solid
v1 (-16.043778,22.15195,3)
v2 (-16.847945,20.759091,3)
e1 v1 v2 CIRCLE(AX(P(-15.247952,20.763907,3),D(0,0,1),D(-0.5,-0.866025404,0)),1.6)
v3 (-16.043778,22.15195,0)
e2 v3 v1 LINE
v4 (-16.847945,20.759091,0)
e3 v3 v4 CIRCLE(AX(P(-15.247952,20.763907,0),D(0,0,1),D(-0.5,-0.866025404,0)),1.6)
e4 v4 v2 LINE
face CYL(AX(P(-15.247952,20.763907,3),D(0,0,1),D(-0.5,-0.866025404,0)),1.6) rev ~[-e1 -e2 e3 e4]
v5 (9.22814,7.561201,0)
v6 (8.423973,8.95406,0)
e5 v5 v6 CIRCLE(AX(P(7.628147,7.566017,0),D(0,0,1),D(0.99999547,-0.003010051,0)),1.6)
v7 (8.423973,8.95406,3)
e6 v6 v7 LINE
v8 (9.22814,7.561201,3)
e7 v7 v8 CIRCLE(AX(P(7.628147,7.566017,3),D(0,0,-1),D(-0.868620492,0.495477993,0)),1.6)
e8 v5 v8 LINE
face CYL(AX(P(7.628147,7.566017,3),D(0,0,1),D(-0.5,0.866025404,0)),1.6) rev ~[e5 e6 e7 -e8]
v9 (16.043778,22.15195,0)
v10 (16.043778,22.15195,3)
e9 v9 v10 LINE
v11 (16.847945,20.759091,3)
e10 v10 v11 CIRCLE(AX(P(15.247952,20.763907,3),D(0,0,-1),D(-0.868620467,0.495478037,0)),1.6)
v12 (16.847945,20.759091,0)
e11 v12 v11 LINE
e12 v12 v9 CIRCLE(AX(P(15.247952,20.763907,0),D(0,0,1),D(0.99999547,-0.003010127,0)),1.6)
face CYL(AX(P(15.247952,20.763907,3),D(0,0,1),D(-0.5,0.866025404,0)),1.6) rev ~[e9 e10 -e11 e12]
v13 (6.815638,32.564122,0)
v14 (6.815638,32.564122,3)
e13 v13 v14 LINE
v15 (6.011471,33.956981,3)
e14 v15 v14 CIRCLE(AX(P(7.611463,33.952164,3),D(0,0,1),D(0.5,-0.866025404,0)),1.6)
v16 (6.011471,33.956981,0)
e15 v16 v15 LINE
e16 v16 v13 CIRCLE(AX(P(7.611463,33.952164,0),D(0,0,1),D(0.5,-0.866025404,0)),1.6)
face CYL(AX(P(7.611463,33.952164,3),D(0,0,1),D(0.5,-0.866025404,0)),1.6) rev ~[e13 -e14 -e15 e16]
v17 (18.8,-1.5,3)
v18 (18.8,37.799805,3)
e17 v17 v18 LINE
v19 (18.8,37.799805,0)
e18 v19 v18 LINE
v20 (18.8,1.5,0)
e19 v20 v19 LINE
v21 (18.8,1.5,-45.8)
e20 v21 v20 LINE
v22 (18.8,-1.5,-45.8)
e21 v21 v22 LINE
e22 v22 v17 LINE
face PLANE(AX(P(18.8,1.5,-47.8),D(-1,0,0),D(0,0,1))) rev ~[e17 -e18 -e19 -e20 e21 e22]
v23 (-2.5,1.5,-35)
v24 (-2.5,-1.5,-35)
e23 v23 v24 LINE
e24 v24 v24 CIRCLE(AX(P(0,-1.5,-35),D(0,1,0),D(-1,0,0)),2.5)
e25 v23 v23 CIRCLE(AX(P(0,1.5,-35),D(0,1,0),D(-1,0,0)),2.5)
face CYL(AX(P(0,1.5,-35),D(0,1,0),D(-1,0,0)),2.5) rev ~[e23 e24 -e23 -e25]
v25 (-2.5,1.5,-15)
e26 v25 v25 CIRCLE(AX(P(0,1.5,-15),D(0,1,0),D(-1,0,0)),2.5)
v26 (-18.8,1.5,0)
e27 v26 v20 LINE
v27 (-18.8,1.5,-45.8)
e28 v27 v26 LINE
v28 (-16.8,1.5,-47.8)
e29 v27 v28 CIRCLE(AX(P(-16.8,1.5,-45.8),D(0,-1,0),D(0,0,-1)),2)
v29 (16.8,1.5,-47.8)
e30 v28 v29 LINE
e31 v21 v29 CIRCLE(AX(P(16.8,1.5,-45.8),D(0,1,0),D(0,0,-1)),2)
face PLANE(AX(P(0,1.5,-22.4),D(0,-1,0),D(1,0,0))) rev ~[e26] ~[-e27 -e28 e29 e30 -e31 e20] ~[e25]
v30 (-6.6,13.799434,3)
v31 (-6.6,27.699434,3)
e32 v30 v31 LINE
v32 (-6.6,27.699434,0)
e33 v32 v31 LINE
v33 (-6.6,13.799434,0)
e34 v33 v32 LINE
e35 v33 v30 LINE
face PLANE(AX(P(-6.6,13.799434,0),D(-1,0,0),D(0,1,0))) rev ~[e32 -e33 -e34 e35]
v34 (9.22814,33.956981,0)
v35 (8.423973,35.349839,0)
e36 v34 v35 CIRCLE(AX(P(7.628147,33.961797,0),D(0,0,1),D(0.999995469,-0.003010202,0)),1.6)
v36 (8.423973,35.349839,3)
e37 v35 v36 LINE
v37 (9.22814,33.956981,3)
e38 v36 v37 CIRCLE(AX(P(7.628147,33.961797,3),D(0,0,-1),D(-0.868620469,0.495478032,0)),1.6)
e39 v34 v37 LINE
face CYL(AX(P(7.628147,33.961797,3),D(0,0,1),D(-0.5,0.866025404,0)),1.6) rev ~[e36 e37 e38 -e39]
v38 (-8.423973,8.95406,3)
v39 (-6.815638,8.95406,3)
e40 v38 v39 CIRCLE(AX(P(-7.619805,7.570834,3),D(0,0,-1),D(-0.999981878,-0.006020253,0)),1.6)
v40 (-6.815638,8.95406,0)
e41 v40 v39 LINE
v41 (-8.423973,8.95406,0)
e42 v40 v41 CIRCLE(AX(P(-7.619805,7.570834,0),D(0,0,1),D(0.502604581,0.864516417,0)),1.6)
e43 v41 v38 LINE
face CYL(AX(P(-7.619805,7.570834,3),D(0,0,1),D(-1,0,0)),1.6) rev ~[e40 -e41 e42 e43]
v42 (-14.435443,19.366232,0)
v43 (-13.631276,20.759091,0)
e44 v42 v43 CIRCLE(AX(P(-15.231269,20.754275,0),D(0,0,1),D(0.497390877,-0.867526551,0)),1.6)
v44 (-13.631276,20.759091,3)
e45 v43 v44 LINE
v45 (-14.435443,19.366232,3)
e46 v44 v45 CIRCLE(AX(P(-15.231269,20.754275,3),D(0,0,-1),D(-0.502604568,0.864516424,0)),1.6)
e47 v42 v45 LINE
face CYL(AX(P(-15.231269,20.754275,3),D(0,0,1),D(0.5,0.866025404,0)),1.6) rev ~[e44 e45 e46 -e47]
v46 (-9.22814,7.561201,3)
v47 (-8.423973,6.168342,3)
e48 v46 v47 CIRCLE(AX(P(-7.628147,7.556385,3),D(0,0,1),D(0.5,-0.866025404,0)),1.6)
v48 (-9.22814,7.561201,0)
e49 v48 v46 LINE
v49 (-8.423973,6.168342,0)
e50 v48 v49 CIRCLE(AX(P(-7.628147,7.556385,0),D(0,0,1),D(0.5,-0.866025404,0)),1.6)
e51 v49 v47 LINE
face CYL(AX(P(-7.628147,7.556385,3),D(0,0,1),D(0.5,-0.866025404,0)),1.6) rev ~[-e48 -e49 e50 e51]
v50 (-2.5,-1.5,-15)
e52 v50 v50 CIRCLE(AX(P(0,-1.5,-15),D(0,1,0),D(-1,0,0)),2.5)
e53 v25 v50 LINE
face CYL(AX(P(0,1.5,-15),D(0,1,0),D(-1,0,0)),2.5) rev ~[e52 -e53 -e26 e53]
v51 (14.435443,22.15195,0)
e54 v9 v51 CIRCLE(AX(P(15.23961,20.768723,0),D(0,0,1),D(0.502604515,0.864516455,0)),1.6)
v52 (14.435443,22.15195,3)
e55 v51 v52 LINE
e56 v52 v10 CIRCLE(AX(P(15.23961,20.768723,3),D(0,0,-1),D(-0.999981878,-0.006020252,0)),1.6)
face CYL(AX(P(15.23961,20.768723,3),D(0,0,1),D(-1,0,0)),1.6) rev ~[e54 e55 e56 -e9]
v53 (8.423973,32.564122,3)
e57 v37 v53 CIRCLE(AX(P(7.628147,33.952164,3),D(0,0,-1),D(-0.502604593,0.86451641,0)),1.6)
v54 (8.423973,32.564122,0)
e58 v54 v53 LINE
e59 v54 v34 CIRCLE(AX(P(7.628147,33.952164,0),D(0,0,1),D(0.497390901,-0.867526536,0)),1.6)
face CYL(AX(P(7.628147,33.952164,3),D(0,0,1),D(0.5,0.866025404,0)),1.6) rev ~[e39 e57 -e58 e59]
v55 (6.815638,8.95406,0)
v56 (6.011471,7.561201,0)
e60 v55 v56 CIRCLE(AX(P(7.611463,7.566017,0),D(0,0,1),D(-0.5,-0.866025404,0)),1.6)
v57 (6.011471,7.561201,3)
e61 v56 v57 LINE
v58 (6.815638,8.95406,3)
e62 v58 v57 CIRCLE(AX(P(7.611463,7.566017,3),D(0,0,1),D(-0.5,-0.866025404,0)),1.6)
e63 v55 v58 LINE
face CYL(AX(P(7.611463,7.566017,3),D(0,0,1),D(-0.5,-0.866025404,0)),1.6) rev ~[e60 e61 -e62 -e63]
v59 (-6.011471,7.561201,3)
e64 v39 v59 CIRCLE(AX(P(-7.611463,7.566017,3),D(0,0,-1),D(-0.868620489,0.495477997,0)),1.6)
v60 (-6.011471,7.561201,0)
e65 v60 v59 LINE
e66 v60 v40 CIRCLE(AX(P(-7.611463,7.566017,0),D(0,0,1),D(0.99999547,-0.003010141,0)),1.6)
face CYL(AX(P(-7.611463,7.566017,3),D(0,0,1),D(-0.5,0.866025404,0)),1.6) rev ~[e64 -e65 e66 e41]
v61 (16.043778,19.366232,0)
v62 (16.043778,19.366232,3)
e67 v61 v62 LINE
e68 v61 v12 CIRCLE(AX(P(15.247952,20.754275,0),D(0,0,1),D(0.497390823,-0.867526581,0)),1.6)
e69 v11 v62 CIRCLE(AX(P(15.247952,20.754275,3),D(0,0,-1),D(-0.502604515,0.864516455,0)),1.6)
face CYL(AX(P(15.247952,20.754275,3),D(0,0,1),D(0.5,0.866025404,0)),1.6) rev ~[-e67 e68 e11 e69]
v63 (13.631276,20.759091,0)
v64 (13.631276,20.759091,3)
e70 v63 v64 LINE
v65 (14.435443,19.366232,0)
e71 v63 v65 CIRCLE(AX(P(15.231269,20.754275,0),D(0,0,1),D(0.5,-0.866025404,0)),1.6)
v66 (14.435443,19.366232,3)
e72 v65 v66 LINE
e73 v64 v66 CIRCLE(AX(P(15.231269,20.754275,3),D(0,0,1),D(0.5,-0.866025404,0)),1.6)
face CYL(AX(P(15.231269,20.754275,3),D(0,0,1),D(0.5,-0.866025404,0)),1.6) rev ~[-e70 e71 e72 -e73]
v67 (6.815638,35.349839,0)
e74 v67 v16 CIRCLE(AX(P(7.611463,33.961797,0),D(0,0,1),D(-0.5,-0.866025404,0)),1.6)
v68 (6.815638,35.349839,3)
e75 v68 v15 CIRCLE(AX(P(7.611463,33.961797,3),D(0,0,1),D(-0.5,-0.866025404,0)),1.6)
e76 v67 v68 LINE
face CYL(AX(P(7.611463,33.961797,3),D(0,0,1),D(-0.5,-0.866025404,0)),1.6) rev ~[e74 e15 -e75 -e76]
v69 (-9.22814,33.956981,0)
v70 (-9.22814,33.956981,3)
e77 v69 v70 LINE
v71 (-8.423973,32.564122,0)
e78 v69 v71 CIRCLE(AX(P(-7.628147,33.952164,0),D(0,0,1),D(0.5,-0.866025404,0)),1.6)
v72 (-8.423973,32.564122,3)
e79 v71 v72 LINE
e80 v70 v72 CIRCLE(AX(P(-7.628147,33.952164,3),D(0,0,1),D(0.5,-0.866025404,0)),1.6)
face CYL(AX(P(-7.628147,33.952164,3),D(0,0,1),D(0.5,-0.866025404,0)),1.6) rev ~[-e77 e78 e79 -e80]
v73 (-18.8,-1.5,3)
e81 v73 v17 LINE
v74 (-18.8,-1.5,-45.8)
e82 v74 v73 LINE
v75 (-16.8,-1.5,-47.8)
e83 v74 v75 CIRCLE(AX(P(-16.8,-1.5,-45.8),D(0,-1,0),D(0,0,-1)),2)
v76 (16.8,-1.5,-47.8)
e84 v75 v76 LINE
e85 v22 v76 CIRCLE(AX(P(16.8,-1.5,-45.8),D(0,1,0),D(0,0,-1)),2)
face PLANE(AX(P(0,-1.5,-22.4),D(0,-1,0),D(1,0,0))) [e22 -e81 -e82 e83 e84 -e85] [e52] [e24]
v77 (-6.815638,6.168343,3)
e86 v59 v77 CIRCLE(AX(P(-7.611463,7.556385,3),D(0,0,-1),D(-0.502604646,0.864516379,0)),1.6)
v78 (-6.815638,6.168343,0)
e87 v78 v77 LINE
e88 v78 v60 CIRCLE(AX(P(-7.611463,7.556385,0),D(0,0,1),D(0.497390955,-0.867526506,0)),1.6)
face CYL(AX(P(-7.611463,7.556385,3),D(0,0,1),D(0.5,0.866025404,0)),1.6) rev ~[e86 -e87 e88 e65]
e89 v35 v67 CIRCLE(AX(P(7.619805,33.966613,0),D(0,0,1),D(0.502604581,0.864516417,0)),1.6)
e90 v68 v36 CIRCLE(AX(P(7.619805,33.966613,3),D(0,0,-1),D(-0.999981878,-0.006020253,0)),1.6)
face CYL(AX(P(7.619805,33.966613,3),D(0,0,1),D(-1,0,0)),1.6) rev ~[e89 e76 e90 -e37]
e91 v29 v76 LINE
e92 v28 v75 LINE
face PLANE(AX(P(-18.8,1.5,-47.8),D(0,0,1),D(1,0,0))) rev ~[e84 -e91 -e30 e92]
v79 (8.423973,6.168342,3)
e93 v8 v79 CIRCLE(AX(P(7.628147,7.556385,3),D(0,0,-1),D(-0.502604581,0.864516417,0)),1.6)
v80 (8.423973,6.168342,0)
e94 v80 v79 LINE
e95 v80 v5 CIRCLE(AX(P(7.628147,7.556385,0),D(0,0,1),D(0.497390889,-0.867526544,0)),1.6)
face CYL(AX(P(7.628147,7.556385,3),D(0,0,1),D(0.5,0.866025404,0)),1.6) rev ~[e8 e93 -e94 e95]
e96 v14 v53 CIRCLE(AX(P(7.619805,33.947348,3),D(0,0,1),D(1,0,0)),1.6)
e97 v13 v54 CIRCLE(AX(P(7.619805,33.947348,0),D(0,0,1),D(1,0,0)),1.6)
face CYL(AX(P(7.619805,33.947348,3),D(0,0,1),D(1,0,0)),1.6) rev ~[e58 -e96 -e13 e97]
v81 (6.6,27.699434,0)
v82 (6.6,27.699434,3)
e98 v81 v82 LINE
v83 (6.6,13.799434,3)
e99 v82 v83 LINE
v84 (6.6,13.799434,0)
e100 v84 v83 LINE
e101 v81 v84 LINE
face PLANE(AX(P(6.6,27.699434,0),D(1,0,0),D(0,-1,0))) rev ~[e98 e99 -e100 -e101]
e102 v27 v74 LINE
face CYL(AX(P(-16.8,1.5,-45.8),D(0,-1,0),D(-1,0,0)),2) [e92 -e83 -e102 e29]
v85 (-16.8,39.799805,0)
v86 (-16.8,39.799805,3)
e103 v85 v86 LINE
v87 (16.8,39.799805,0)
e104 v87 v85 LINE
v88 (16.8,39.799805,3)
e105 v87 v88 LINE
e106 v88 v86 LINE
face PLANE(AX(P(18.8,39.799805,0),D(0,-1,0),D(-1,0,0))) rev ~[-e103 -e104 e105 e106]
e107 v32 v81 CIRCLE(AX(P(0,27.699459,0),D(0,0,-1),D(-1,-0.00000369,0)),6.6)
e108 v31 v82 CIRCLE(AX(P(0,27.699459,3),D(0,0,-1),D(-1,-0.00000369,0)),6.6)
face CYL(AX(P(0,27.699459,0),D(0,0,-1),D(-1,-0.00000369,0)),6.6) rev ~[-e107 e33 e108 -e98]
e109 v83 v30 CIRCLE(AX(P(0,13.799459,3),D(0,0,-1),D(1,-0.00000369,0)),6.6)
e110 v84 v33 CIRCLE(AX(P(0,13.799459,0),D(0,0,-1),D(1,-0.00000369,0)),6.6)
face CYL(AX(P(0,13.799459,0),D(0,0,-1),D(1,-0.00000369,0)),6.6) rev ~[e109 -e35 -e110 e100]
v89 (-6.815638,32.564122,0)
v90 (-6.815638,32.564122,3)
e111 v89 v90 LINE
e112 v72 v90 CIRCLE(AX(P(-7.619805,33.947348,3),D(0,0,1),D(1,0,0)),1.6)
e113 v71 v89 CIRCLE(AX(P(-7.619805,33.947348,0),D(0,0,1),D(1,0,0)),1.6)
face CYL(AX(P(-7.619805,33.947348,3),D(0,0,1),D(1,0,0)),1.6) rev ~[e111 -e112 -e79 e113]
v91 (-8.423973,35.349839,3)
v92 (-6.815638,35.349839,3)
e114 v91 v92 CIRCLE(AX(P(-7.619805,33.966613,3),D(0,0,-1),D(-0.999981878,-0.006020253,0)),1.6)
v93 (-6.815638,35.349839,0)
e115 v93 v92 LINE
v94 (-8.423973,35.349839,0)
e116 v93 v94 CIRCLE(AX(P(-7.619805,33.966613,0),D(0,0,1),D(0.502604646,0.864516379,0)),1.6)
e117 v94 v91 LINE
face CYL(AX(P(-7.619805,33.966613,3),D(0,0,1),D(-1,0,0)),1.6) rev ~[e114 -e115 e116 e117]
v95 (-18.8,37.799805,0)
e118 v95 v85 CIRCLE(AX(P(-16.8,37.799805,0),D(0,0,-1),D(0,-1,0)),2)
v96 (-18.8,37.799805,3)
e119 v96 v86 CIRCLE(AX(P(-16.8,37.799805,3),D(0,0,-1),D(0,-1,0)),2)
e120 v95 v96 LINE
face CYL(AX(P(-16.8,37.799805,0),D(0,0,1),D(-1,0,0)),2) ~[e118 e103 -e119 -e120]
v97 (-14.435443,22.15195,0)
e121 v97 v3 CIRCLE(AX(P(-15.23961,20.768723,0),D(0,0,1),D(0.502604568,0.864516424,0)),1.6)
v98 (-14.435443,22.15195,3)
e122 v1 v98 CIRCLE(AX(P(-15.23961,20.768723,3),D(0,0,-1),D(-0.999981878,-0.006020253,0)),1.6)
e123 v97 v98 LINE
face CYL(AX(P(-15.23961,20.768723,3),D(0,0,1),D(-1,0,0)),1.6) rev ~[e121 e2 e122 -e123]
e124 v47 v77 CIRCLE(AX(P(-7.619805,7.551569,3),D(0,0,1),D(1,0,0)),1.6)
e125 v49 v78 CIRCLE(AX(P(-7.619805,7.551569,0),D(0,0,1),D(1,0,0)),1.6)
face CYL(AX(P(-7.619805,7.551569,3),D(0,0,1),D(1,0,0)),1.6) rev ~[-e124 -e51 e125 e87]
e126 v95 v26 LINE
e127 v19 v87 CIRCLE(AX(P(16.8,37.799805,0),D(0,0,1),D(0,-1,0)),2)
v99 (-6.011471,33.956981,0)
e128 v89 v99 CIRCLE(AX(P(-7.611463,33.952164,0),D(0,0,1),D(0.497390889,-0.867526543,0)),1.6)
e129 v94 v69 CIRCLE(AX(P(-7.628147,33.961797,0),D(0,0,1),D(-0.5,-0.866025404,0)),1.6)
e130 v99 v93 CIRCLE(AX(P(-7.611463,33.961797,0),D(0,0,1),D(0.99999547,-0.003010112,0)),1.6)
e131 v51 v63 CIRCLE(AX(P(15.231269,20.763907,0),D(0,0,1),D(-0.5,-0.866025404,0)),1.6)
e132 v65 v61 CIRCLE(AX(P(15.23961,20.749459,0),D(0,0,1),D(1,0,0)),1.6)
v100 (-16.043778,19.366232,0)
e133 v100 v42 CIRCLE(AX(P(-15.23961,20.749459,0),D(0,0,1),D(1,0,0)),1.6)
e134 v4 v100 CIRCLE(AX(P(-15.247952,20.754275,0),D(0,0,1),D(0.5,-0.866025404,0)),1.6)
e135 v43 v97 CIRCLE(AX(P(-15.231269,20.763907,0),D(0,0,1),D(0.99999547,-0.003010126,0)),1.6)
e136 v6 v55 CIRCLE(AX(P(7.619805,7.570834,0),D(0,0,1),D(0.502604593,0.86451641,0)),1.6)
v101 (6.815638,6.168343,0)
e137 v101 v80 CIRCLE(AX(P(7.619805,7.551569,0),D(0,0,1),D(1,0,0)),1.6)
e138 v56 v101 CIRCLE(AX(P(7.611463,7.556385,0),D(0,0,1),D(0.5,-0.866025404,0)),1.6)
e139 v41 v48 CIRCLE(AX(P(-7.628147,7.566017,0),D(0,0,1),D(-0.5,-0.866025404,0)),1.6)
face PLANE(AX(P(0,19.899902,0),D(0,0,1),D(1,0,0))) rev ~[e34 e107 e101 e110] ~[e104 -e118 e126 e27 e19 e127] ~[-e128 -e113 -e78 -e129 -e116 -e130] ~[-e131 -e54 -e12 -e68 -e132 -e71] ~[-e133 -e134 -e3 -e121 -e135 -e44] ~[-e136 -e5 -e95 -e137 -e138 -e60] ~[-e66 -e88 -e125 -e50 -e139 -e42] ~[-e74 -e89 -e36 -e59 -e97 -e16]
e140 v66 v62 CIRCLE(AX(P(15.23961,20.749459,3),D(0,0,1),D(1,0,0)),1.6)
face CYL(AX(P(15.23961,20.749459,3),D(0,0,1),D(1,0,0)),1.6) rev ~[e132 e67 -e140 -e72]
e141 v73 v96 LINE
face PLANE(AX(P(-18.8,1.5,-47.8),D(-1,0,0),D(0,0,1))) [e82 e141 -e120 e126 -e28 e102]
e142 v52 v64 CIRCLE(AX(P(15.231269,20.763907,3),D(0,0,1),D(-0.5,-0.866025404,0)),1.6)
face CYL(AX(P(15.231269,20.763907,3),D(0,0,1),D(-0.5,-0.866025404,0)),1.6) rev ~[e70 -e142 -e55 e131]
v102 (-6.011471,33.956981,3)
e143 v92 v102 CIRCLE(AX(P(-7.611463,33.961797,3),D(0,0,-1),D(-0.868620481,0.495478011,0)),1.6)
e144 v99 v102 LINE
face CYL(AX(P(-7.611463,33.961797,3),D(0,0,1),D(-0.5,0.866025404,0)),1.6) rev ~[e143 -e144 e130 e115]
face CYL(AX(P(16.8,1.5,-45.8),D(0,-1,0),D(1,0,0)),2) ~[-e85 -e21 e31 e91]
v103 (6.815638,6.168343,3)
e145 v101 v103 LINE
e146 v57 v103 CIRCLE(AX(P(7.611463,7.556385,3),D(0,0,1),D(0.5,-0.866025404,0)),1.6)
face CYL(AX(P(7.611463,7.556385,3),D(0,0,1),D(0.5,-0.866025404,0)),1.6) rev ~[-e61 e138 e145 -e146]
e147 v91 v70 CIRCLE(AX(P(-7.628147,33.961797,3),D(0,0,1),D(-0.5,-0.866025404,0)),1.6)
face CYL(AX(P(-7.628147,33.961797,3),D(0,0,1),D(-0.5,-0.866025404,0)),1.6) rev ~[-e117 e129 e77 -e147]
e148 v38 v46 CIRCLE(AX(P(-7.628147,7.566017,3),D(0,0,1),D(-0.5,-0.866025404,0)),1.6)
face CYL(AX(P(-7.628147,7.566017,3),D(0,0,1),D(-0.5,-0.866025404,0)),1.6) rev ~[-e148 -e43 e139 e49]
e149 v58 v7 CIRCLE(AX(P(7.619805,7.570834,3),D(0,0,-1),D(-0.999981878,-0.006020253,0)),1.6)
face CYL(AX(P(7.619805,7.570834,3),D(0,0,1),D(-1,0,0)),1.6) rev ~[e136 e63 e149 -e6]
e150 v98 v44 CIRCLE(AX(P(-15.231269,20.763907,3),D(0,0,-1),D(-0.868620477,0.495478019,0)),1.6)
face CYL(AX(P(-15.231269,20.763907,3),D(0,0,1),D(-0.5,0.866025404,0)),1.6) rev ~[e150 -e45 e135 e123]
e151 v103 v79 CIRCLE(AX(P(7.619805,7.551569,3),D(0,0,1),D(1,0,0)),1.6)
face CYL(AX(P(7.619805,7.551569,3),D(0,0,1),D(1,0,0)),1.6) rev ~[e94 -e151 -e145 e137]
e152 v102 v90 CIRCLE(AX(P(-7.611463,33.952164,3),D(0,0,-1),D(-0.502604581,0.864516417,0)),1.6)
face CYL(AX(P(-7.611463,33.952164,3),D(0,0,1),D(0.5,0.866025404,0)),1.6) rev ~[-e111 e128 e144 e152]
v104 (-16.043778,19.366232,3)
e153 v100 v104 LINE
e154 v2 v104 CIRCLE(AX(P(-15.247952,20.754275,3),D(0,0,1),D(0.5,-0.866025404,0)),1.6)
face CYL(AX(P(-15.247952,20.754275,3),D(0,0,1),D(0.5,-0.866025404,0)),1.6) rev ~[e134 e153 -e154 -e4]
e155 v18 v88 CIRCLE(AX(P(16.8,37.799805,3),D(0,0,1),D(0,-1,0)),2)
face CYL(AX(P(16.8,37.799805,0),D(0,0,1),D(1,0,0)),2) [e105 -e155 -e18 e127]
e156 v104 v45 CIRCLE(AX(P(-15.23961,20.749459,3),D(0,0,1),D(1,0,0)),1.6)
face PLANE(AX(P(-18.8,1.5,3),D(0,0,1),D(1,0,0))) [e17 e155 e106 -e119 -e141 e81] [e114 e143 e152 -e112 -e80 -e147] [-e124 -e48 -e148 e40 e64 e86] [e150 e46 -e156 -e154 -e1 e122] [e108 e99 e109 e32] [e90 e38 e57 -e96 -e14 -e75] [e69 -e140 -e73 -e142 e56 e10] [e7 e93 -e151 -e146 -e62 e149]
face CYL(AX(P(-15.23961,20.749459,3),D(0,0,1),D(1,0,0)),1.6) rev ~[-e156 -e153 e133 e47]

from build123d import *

# Parameters (mm, degrees)
BOSS_EXTRUDE1_DEPTH        = 3
BOSS_EXTRUDE2_DEPTH        = 1.5
BOSS_EXTRUDE2_DEPTH_BACK   = 1.5
SKETCH2_W                  = 37.6
SKETCH2_H                  = 50.8
FILLET2_R                  = 2
CUT_EXTRUDE2_REACH         = 69.217
SKETCH4_R                  = 1.6
CIRPATTERN1_COUNT          = 6
SZKIC1_R                   = 2.5
WYTNIJ_WYCI_GNI_CIE1_DEPTH = 10


with BuildPart() as part:
    # Sketch1 → Boss-Extrude1 (new body)
    with BuildSketch(Plane.XY):
        Polygon((-18.8, 0), (18.8, 0), (18.8, 22), (18.8, 39.799804834), (-18.8, 39.799804834), (-18.8, 22), align=None)
        with BuildLine():
            Line((-6.6, 13.799434154), (-6.6, 27.699434154))
            ThreePointArc((-6.6, 27.699434154), (0, 34.299458505), (6.6, 27.699434154))
            Line((6.6, 27.699434154), (6.6, 13.799434154))
            ThreePointArc((6.6, 13.799434154), (0, 7.199458505), (-6.6, 13.799434154))
        make_face(mode=Mode.SUBTRACT)
    extrude(amount=BOSS_EXTRUDE1_DEPTH)

    # Sketch2 → Boss-Extrude2 (add, two sides: drawn at the far end of the back side and taken through both)
    with BuildSketch(Plane.XZ.offset(-BOSS_EXTRUDE2_DEPTH_BACK)):
        with Locations((0, -22.4)):
            Rectangle(SKETCH2_W, SKETCH2_H)
    extrude(amount=BOSS_EXTRUDE2_DEPTH + BOSS_EXTRUDE2_DEPTH_BACK)

    # Fillet2
    fillet2_edges = [part.edges().sort_by_distance(p)[0] for p in [
        (-18.8, 39.799804834, 1.5),
        (18.8, 39.799804834, 1.5),
        (-18.8, 0, -47.8),
        (18.8, 0, -47.8),
    ]]
    fillet(fillet2_edges, radius=FILLET2_R)

    # Sketch4 → Cut-Extrude2 (cut, up to next)
    with BuildSketch(Plane.XY.offset(3), mode=Mode.PRIVATE) as cut_extrude2_sk1:
        with Locations((7.619805215, 33.947348281)):
            Circle(SKETCH4_R)
    cut_extrude2_tool1 = extrude(cut_extrude2_sk1.sketch, amount=-CUT_EXTRUDE2_REACH, mode=Mode.PRIVATE) & part.part
    # Sketch4 → Cut-Extrude2 (cut, up to next)
    with BuildSketch(Plane.XY.offset(3), mode=Mode.PRIVATE) as cut_extrude2_sk2:
        with Locations((15.23961043, 20.749458505)):
            Circle(SKETCH4_R)
    cut_extrude2_tool2 = extrude(cut_extrude2_sk2.sketch, amount=-CUT_EXTRUDE2_REACH, mode=Mode.PRIVATE) & part.part
    # Sketch4 → Cut-Extrude2 (cut, up to next)
    with BuildSketch(Plane.XY.offset(3), mode=Mode.PRIVATE) as cut_extrude2_sk3:
        with Locations((7.619805215, 7.551568728)):
            Circle(SKETCH4_R)
    cut_extrude2_tool3 = extrude(cut_extrude2_sk3.sketch, amount=-CUT_EXTRUDE2_REACH, mode=Mode.PRIVATE) & part.part
    # Sketch4 → Cut-Extrude2 (cut, up to next)
    with BuildSketch(Plane.XY.offset(3), mode=Mode.PRIVATE) as cut_extrude2_sk4:
        with Locations((-7.619805215, 7.551568728)):
            Circle(SKETCH4_R)
    cut_extrude2_tool4 = extrude(cut_extrude2_sk4.sketch, amount=-CUT_EXTRUDE2_REACH, mode=Mode.PRIVATE) & part.part
    # Sketch4 → Cut-Extrude2 (cut, up to next)
    with BuildSketch(Plane.XY.offset(3), mode=Mode.PRIVATE) as cut_extrude2_sk5:
        with Locations((-15.23961043, 20.749458505)):
            Circle(SKETCH4_R)
    cut_extrude2_tool5 = extrude(cut_extrude2_sk5.sketch, amount=-CUT_EXTRUDE2_REACH, mode=Mode.PRIVATE) & part.part
    # Sketch4 → Cut-Extrude2 (cut, up to next)
    with BuildSketch(Plane.XY.offset(3), mode=Mode.PRIVATE) as cut_extrude2_sk6:
        with Locations((-7.619805215, 33.947348281)):
            Circle(SKETCH4_R)
    cut_extrude2_tool6 = extrude(cut_extrude2_sk6.sketch, amount=-CUT_EXTRUDE2_REACH, mode=Mode.PRIVATE) & part.part
    cut_extrude2_1 = cut_extrude2_tool1.solids().sort_by_distance((7.619805, 33.947348, 3))[0]
    add(cut_extrude2_1, mode=Mode.SUBTRACT)
    cut_extrude2_2 = cut_extrude2_tool2.solids().sort_by_distance((15.23961, 20.749459, 3))[0]
    add(cut_extrude2_2, mode=Mode.SUBTRACT)
    cut_extrude2_3 = cut_extrude2_tool3.solids().sort_by_distance((7.619805, 7.551569, 3))[0]
    add(cut_extrude2_3, mode=Mode.SUBTRACT)
    cut_extrude2_4 = cut_extrude2_tool4.solids().sort_by_distance((-7.619805, 7.551569, 3))[0]
    add(cut_extrude2_4, mode=Mode.SUBTRACT)
    cut_extrude2_5 = cut_extrude2_tool5.solids().sort_by_distance((-15.23961, 20.749459, 3))[0]
    add(cut_extrude2_5, mode=Mode.SUBTRACT)
    cut_extrude2_6 = cut_extrude2_tool6.solids().sort_by_distance((-7.619805, 33.947348, 3))[0]
    add(cut_extrude2_6, mode=Mode.SUBTRACT)
    cut_extrude2 = cut_extrude2_1 + cut_extrude2_2 + cut_extrude2_3 + cut_extrude2_4 + cut_extrude2_5 + cut_extrude2_6  # Cut-Extrude2 as one shape, for the pattern or mirror that repeats it

    # CirPattern1: Cut-Extrude2 ×6 about axis
    cirpattern1_axis = Axis((0, 20.759090909, 0), (0, 0, 1))
    for i in range(1, CIRPATTERN1_COUNT):
        add(cut_extrude2.rotate(cirpattern1_axis, i * 360 / CIRPATTERN1_COUNT), mode=Mode.SUBTRACT)

    # Szkic1 → Wytnij-wyciągnięcie1 (cut)
    with BuildSketch(Plane(origin=(0, 1.5, 0), x_dir=(1, 0, 0), z_dir=(0, 1, 0))):
        with Locations(Location((0, 15, 0), (0, 0, 180))):
            Circle(SZKIC1_R)
        with Locations(Location((0, 35, 0), (0, 0, 180))):
            Circle(SZKIC1_R)
    extrude(amount=-WYTNIJ_WYCI_GNI_CIE1_DEPTH, mode=Mode.SUBTRACT)


solid = part.part
